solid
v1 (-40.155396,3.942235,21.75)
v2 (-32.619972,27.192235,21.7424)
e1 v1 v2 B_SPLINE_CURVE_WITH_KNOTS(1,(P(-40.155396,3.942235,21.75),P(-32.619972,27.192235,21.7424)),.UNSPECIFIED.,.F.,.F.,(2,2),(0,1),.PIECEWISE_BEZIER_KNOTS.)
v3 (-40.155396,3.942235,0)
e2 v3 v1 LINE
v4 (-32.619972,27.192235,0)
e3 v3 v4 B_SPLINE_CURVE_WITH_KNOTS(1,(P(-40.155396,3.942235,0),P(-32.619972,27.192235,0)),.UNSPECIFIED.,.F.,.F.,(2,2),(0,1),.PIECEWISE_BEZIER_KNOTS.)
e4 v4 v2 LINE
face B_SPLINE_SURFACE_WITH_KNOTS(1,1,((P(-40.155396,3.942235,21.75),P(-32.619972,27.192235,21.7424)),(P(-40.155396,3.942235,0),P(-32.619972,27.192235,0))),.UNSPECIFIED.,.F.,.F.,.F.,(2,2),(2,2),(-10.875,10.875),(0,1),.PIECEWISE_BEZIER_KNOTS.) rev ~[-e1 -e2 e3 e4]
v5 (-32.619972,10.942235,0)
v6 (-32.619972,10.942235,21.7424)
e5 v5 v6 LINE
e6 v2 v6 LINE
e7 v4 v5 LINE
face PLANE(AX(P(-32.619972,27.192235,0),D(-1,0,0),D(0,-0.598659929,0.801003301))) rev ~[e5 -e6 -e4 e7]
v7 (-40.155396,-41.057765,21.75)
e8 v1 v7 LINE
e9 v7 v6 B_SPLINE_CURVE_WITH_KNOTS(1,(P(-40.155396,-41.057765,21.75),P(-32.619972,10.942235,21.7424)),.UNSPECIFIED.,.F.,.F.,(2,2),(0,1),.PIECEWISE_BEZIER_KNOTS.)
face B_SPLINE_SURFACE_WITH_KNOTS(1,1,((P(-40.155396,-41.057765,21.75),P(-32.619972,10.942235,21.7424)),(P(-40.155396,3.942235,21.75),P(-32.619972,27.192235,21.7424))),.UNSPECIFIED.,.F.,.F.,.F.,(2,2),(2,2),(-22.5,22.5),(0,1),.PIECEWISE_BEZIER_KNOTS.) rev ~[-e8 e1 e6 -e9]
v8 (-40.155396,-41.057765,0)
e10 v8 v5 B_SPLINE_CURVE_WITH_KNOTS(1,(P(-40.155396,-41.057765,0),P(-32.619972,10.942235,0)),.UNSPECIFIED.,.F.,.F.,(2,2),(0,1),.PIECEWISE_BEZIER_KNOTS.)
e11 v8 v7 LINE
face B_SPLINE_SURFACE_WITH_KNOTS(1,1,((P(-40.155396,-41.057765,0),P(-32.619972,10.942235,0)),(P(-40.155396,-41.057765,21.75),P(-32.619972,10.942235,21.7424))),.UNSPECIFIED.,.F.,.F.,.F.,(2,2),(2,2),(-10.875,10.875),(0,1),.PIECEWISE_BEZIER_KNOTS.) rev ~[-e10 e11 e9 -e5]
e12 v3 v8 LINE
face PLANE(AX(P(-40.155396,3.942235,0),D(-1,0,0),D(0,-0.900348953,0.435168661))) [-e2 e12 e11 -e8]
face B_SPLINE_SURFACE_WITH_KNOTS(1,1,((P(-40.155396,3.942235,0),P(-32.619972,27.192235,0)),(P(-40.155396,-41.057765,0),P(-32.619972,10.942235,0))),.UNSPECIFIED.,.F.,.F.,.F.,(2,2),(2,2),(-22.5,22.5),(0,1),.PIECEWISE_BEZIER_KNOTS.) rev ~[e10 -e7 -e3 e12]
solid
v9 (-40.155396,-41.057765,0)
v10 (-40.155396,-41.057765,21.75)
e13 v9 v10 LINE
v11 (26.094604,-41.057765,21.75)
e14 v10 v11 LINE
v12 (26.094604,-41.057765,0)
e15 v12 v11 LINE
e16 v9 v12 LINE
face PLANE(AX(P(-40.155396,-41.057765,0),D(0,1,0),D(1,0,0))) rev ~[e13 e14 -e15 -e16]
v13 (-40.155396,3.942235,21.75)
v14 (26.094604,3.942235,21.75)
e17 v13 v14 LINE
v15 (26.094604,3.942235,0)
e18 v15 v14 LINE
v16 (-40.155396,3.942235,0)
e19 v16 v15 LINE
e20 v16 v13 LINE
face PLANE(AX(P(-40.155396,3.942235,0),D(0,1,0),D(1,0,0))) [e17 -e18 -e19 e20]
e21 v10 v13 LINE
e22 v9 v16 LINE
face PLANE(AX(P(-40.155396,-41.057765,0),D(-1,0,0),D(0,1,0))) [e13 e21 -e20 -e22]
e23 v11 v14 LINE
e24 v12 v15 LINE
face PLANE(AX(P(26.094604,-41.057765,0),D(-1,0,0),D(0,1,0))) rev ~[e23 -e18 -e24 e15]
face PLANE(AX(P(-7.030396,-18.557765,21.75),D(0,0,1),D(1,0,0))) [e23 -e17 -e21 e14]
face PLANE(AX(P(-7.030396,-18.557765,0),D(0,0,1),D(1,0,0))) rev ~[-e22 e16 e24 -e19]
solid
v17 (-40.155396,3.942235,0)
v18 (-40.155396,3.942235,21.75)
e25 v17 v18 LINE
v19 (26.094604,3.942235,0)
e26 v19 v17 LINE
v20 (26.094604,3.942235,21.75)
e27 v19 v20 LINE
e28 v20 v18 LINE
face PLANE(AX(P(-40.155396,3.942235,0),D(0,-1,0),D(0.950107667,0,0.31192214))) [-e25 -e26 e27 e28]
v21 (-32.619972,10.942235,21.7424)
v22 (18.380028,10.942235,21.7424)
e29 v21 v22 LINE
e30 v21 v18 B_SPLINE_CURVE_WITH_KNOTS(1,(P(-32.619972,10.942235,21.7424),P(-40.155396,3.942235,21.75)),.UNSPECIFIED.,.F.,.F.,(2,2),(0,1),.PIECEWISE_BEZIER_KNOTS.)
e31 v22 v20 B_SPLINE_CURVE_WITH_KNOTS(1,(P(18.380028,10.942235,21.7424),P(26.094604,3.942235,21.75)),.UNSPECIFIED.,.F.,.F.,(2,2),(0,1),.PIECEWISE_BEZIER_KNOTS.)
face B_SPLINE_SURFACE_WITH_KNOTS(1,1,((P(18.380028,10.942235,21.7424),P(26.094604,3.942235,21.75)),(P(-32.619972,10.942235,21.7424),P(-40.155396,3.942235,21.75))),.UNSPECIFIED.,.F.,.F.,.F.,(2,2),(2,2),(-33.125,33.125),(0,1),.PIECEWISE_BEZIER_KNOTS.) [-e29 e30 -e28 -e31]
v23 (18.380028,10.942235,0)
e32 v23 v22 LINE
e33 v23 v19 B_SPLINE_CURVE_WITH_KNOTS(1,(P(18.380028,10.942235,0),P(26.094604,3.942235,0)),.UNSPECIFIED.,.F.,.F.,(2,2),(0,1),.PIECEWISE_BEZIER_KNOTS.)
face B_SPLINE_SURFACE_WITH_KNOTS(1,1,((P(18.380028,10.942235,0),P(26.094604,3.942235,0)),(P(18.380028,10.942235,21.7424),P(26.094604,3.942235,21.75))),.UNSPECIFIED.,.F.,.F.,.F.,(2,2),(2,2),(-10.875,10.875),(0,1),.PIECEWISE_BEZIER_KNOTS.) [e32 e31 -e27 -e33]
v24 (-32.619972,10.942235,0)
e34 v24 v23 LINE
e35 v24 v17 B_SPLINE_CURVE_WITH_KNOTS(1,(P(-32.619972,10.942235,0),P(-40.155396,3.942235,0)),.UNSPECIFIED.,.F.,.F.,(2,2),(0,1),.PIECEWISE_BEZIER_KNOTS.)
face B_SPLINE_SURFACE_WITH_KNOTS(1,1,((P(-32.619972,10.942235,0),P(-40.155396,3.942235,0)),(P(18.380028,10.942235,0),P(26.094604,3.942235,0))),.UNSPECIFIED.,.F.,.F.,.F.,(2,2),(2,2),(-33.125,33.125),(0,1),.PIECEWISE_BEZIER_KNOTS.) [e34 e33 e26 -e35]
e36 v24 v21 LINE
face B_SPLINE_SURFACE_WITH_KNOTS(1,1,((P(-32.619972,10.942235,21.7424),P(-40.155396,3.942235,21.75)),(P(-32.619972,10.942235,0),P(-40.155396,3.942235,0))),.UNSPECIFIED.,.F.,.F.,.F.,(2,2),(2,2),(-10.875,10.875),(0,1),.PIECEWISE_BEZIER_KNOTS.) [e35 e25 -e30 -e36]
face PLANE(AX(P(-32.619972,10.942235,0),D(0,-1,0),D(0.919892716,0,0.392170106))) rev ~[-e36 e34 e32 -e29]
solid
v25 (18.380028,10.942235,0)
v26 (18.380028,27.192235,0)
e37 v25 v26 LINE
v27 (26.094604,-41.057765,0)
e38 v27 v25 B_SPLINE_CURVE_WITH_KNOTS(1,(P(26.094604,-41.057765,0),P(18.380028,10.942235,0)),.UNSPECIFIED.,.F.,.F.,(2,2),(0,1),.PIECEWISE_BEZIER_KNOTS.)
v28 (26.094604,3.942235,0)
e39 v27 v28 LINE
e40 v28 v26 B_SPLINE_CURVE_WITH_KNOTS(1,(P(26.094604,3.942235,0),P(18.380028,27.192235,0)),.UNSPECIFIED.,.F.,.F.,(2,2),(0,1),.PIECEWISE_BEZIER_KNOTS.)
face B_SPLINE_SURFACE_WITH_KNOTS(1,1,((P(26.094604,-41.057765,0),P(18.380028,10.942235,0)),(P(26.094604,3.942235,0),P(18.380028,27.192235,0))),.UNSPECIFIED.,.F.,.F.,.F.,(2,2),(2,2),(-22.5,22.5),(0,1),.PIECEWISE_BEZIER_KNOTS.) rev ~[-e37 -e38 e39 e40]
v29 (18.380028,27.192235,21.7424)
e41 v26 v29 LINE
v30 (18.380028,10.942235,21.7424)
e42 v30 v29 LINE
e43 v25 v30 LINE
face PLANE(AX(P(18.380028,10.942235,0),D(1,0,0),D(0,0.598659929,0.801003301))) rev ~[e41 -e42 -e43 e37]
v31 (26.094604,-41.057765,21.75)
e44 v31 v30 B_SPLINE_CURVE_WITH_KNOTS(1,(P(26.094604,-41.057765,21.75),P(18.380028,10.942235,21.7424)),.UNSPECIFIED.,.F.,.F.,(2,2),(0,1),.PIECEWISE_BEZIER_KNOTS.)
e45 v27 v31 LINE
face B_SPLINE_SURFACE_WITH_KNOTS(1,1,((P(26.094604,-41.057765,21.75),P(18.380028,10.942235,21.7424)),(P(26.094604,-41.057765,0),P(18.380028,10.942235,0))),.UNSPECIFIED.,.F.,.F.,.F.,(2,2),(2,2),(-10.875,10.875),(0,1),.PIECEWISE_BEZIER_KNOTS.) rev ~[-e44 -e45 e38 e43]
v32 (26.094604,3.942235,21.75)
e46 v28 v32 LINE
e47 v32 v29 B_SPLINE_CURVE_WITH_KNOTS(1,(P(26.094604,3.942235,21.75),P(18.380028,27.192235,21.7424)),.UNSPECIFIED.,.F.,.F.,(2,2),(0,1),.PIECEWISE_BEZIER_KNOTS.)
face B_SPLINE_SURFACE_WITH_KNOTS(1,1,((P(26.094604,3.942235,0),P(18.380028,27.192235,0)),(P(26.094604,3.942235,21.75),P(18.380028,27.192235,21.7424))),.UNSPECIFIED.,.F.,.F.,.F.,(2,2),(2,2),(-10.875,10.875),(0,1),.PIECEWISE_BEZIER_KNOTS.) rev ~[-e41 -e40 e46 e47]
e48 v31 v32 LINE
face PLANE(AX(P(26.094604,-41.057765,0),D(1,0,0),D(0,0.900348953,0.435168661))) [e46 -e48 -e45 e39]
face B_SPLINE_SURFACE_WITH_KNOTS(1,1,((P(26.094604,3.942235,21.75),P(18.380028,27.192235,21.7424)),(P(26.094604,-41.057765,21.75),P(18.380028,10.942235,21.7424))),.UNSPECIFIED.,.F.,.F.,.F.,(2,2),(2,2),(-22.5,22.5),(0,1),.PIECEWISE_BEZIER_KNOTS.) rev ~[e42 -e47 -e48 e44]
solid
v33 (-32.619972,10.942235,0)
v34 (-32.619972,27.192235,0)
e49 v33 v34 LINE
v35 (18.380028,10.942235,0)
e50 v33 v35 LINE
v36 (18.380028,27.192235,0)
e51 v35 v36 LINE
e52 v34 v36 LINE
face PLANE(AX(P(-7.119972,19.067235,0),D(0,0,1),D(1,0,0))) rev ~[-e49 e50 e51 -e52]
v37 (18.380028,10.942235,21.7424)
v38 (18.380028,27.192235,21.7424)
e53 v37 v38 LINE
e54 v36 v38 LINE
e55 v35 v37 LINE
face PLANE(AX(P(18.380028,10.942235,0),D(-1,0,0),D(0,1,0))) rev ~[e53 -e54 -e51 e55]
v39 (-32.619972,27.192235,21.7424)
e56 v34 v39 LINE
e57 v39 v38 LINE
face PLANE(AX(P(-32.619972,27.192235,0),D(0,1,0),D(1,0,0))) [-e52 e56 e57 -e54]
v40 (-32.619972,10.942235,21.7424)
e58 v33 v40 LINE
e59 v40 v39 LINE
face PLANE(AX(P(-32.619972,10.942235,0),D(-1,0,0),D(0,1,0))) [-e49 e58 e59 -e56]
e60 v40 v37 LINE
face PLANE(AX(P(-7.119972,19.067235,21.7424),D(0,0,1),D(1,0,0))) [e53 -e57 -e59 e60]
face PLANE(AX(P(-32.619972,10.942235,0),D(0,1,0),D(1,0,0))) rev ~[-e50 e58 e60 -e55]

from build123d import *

# Parameters (mm, degrees)
F0_W       = 66.25
F0_H       = 45
F1_DEPTH   = 21.75
F2_W       = 51
F2_H       = 16.25
F3_DEPTH   = 21.7424
F1_FACE_W  = 45
F1_FACE_H  = 21.75
F3_FACE_W  = 16.25
F3_FACE_H  = 21.7424
F1_FACE1_W = 45
F1_FACE1_H = 21.75
F3_FACE1_W = 16.25
F3_FACE1_H = 21.7424
F3_FACE2_W = 51
F3_FACE2_H = 21.7424
F1_FACE2_W = 66.25
F1_FACE2_H = 21.75


with BuildPart() as f1:
    # F0 (on Top) → F1 (new body)
    with BuildSketch(Plane.XY):
        with Locations((-7.0303958654, -18.5577654839)):
            Rectangle(F0_W, F0_H)
    extrude(amount=F1_DEPTH)


with BuildPart() as f3:
    # F2 (on Top) → F3 (new body)
    with BuildSketch(Plane.XY):
        with Locations((-7.119971782, 19.0672345161)):
            Rectangle(F2_W, F2_H)
    extrude(amount=F3_DEPTH)


with BuildPart() as f4:
    # F1_face (on face) → F4 section 0
    with BuildSketch(Plane(origin=(-40.1553958654, -18.5577654839, 10.875), x_dir=(0, -1, 0), z_dir=(-1, 0, 0))):
        Rectangle(F1_FACE_W, F1_FACE_H)
    # F3_face (on face) → F4 section 1
    with BuildSketch(Plane(origin=(-32.619971782, 19.0672345161, 10.8712), x_dir=(0, -1, 0), z_dir=(-1, 0, 0))):
        Rectangle(F3_FACE_W, F3_FACE_H)
    loft()


with BuildPart() as f5:
    # F1_face1 (on face) → F5 section 0
    with BuildSketch(Plane(origin=(26.0946041346, -18.5577654839, 10.875), x_dir=(0, 1, 0), z_dir=(1, 0, 0))):
        Rectangle(F1_FACE1_W, F1_FACE1_H)
    # F3_face1 (on face) → F5 section 1
    with BuildSketch(Plane(origin=(18.380028218, 19.0672345161, 10.8712), x_dir=(0, 1, 0), z_dir=(1, 0, 0))):
        Rectangle(F3_FACE1_W, F3_FACE1_H)
    loft()


with BuildPart() as f6:
    # F3_face2 (on face) → F6 section 0
    with BuildSketch(Plane(origin=(-7.119971782, 10.9422345161, 10.8712), x_dir=(1, 0, 0), z_dir=(0, -1, 0))):
        Rectangle(F3_FACE2_W, F3_FACE2_H)
    # F1_face2 (on face) → F6 section 1
    with BuildSketch(Plane(origin=(-7.0303958654, 3.9422345161, 10.875), x_dir=(-1, 0, 0), z_dir=(0, 1, 0))):
        Rectangle(F1_FACE2_W, F1_FACE2_H)
    loft()


solid = Compound([f1.part, f3.part, f4.part, f5.part, f6.part])
